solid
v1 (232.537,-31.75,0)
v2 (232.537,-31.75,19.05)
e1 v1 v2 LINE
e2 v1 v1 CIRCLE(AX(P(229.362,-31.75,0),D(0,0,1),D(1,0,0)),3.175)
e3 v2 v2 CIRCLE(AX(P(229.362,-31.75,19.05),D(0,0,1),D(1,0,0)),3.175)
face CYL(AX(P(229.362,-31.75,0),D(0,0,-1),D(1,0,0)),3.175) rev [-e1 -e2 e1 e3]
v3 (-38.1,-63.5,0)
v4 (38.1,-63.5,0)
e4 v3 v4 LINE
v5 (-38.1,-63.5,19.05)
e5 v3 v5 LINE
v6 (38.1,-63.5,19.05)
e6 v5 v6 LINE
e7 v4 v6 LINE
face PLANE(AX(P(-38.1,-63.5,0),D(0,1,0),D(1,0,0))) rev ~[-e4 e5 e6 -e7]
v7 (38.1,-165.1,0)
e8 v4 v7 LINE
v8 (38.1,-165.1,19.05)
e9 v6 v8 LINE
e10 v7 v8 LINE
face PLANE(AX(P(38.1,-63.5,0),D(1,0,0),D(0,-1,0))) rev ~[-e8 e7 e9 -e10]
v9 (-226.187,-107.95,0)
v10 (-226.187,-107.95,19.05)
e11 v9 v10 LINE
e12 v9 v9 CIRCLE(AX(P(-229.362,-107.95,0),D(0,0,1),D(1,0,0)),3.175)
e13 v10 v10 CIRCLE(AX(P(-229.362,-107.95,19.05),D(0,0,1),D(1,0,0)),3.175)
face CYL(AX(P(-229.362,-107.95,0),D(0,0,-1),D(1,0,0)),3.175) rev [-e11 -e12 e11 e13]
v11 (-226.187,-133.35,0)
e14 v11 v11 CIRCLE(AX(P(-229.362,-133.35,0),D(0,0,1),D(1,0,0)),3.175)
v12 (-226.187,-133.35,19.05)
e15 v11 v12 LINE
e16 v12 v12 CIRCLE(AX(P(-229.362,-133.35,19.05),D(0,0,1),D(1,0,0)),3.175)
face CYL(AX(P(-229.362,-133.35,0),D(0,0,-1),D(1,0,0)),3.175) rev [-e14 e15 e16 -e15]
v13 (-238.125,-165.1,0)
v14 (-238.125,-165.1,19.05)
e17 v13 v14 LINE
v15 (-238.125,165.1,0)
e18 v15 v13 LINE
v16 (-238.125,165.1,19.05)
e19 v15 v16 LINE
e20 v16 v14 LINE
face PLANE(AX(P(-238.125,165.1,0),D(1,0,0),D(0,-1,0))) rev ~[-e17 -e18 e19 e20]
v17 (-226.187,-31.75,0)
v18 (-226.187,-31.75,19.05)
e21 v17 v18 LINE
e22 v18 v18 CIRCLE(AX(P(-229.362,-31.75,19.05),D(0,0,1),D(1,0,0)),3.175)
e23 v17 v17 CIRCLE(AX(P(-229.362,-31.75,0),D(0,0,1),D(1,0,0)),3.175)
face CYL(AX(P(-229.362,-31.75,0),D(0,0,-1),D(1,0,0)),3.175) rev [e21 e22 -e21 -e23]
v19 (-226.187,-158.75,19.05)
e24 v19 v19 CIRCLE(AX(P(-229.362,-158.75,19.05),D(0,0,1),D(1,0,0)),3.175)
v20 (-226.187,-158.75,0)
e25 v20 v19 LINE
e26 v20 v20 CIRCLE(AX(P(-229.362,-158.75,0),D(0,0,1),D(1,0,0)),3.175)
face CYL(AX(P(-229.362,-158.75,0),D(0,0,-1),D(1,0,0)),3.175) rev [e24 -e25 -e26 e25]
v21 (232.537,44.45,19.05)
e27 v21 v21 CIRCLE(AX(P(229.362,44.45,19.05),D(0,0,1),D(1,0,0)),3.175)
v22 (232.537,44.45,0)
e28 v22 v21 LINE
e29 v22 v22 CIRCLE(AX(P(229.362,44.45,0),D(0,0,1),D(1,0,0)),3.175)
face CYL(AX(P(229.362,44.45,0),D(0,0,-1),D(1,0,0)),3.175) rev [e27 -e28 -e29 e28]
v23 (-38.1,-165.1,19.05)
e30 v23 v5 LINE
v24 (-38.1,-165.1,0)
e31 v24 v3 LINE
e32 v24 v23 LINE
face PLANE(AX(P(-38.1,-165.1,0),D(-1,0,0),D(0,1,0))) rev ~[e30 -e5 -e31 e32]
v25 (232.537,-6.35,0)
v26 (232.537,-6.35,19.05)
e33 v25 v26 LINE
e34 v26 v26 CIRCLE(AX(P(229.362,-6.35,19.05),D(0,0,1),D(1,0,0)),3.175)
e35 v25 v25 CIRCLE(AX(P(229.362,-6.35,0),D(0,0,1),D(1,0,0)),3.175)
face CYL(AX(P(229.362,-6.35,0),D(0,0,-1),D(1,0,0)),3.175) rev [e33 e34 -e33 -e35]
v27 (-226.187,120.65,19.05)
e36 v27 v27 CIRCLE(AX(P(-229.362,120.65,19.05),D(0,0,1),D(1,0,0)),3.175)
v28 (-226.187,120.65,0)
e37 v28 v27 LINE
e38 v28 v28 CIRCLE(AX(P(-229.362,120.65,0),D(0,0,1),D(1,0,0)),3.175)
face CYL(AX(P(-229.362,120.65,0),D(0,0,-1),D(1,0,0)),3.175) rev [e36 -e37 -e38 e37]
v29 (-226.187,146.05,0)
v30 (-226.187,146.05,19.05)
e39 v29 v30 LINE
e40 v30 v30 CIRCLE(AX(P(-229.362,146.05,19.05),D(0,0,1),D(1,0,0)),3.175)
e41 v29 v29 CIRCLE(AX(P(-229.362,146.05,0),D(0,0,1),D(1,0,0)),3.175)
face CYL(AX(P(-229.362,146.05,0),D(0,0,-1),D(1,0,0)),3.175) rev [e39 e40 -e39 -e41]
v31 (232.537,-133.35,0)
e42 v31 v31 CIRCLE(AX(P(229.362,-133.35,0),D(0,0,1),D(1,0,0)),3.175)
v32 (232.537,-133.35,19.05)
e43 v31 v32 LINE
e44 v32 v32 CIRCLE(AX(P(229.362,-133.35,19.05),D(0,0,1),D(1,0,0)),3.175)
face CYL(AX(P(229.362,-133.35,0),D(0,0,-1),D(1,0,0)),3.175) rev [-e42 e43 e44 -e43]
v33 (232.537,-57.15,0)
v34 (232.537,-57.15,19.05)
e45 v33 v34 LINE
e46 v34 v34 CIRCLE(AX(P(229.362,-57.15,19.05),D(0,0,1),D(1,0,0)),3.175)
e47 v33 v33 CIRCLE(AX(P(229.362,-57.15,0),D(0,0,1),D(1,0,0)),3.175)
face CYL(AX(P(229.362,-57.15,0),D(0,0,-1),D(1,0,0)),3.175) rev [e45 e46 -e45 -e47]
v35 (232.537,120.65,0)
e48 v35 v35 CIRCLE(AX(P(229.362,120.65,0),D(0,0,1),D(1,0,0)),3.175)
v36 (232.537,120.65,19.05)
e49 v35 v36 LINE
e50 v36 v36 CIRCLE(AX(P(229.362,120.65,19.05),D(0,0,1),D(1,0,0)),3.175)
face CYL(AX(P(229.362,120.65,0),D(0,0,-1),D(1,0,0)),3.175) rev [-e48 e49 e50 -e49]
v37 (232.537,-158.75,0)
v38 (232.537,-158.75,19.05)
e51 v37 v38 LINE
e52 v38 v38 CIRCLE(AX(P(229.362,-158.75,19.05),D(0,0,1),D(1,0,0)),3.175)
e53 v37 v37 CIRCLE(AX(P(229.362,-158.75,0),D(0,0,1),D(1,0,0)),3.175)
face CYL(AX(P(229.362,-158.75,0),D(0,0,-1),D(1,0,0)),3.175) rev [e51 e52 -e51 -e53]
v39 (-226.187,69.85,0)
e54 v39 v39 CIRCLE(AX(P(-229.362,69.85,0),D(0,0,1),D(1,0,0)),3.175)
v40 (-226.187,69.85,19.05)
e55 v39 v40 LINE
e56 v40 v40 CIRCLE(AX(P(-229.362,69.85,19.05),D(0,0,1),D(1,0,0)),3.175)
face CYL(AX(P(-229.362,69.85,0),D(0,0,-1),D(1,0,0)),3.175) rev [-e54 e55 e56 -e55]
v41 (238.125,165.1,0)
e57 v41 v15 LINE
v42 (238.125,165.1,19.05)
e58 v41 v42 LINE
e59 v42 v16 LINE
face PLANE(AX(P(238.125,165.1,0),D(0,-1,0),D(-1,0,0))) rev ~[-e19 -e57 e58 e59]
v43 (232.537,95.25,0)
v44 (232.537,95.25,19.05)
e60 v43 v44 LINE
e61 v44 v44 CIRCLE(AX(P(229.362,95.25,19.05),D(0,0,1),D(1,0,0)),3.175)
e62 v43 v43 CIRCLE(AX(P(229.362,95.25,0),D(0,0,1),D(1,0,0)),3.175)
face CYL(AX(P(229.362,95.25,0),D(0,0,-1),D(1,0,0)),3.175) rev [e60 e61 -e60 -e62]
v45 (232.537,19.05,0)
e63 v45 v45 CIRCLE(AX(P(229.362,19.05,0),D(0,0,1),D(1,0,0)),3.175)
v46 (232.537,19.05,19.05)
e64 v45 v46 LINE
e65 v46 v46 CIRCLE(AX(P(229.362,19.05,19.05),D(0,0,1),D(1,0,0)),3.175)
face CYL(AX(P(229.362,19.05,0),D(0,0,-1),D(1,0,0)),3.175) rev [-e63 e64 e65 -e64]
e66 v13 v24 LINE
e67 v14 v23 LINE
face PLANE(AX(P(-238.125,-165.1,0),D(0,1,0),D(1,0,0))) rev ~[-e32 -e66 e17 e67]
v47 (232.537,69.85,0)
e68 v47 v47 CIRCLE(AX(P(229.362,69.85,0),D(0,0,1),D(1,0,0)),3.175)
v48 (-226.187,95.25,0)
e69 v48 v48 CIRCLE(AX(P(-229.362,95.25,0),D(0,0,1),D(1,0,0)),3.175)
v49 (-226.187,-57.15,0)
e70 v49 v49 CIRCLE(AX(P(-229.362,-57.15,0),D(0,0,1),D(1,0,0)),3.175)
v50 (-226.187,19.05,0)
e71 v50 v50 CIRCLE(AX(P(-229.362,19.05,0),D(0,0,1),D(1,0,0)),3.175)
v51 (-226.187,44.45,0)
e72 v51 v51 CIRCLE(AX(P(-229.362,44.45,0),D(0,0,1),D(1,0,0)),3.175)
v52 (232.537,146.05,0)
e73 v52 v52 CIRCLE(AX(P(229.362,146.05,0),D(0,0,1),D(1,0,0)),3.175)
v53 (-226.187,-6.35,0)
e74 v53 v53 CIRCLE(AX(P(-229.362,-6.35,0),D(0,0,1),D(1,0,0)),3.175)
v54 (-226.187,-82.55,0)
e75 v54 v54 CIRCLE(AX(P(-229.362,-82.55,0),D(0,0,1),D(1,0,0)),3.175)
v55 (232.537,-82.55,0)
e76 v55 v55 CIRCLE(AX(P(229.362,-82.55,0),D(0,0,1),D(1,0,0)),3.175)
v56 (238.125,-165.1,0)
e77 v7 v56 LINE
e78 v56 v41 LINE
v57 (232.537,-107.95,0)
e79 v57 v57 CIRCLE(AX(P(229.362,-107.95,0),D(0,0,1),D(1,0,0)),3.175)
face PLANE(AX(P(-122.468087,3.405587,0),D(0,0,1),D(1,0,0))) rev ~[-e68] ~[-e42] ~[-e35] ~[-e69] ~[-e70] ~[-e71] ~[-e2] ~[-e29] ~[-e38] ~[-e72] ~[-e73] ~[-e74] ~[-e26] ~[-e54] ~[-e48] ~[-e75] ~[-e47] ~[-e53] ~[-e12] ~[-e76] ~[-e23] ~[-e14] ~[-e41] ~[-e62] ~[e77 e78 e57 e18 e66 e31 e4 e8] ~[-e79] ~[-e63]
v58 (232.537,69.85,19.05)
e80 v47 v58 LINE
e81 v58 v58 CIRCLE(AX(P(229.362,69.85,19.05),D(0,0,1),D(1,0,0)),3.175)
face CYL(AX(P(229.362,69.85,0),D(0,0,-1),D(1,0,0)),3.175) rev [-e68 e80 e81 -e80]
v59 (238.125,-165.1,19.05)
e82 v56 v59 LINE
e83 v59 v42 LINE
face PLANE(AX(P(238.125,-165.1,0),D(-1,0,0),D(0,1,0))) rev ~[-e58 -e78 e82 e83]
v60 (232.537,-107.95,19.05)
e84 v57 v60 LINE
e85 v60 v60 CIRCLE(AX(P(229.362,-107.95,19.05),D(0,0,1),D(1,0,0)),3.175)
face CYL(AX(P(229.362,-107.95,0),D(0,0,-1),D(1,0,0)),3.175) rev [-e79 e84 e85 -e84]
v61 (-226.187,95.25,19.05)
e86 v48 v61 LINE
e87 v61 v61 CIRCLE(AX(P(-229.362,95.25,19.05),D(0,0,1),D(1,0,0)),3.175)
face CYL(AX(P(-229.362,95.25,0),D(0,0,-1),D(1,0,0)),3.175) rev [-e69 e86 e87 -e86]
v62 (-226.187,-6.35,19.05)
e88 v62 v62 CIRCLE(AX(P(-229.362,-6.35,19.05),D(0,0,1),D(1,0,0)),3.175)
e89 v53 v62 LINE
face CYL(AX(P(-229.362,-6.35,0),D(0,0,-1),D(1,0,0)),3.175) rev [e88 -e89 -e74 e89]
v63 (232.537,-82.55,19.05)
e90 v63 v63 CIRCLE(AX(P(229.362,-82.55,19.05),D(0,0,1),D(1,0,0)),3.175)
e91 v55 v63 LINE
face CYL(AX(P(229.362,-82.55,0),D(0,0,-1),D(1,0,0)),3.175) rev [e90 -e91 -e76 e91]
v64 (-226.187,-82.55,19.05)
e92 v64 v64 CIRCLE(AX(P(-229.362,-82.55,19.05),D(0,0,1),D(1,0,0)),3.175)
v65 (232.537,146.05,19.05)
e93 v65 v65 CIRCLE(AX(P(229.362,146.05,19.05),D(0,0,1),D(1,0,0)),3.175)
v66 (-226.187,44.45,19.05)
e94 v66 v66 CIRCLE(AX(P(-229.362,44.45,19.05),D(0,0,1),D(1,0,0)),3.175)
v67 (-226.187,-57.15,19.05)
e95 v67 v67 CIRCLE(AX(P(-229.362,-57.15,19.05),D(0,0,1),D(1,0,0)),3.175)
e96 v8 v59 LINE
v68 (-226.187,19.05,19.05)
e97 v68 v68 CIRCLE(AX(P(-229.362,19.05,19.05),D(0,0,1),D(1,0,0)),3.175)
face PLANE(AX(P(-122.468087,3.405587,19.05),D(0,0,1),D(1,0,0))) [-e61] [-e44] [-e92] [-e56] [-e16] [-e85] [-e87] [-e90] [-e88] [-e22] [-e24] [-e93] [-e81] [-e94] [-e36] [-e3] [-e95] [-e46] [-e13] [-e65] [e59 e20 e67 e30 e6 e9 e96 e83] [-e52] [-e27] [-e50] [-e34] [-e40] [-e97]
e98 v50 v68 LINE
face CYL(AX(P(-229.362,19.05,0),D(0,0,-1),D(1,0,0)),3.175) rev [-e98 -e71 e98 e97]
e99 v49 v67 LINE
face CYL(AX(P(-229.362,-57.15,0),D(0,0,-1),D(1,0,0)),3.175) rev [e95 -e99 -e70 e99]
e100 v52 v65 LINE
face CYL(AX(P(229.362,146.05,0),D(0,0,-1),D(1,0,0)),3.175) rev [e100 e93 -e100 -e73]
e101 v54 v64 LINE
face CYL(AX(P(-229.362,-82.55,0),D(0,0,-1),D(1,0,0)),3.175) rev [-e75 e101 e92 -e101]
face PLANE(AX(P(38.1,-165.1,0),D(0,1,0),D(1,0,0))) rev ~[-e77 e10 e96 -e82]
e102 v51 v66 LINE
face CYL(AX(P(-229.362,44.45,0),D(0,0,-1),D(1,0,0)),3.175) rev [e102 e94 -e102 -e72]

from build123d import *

# Parameters (mm, degrees)
F0_R     = 3.175
F0_W     = 15.113
F0_H     = 330.2
F1_DEPTH = 19.05


with BuildPart() as f1:
    # F0 (on Top) → F1 (new body)
    with BuildSketch(Plane.XY):
        Polygon((0, 165.1), (-238.125, 165.1), (-238.125, -165.1), (-38.1, -165.1), (-38.1, -63.5), (0, -63.5), align=None)
        with Locations((-229.362, -158.75)):
            Circle(F0_R, mode=Mode.SUBTRACT)
        with Locations((-229.362, -133.35)):
            Circle(F0_R, mode=Mode.SUBTRACT)
        with Locations((-229.362, -107.95)):
            Circle(F0_R, mode=Mode.SUBTRACT)
        with Locations((-229.362, -82.55)):
            Circle(F0_R, mode=Mode.SUBTRACT)
        with Locations((-229.362, -57.15)):
            Circle(F0_R, mode=Mode.SUBTRACT)
        with Locations((-229.362, -31.75)):
            Circle(F0_R, mode=Mode.SUBTRACT)
        with Locations((-229.362, -6.35)):
            Circle(F0_R, mode=Mode.SUBTRACT)
        with Locations((-229.362, 19.05)):
            Circle(F0_R, mode=Mode.SUBTRACT)
        with Locations((-229.362, 44.45)):
            Circle(F0_R, mode=Mode.SUBTRACT)
        with Locations((-229.362, 69.85)):
            Circle(F0_R, mode=Mode.SUBTRACT)
        with Locations((-229.362, 95.25)):
            Circle(F0_R, mode=Mode.SUBTRACT)
        with Locations((-229.362, 120.65)):
            Circle(F0_R, mode=Mode.SUBTRACT)
        with Locations((-229.362, 146.05)):
            Circle(F0_R, mode=Mode.SUBTRACT)
        with Locations((230.5685, 0)):
            Rectangle(F0_W, F0_H)
        with Locations((229.362, -158.75)):
            Circle(F0_R, mode=Mode.SUBTRACT)
        with Locations((229.362, -133.35)):
            Circle(F0_R, mode=Mode.SUBTRACT)
        with Locations((229.362, -107.95)):
            Circle(F0_R, mode=Mode.SUBTRACT)
        with Locations((229.362, -82.55)):
            Circle(F0_R, mode=Mode.SUBTRACT)
        with Locations((229.362, -57.15)):
            Circle(F0_R, mode=Mode.SUBTRACT)
        with Locations((229.362, -31.75)):
            Circle(F0_R, mode=Mode.SUBTRACT)
        with Locations((229.362, -6.35)):
            Circle(F0_R, mode=Mode.SUBTRACT)
        with Locations((229.362, 19.05)):
            Circle(F0_R, mode=Mode.SUBTRACT)
        with Locations((229.362, 44.45)):
            Circle(F0_R, mode=Mode.SUBTRACT)
        with Locations((229.362, 69.85)):
            Circle(F0_R, mode=Mode.SUBTRACT)
        with Locations((229.362, 95.25)):
            Circle(F0_R, mode=Mode.SUBTRACT)
        with Locations((229.362, 120.65)):
            Circle(F0_R, mode=Mode.SUBTRACT)
        with Locations((229.362, 146.05)):
            Circle(F0_R, mode=Mode.SUBTRACT)
        Polygon((223.012, 165.1), (0, 165.1), (0, -63.5), (38.1, -63.5), (38.1, -165.1), (223.012, -165.1), align=None)
    extrude(amount=F1_DEPTH)


solid = f1.part
